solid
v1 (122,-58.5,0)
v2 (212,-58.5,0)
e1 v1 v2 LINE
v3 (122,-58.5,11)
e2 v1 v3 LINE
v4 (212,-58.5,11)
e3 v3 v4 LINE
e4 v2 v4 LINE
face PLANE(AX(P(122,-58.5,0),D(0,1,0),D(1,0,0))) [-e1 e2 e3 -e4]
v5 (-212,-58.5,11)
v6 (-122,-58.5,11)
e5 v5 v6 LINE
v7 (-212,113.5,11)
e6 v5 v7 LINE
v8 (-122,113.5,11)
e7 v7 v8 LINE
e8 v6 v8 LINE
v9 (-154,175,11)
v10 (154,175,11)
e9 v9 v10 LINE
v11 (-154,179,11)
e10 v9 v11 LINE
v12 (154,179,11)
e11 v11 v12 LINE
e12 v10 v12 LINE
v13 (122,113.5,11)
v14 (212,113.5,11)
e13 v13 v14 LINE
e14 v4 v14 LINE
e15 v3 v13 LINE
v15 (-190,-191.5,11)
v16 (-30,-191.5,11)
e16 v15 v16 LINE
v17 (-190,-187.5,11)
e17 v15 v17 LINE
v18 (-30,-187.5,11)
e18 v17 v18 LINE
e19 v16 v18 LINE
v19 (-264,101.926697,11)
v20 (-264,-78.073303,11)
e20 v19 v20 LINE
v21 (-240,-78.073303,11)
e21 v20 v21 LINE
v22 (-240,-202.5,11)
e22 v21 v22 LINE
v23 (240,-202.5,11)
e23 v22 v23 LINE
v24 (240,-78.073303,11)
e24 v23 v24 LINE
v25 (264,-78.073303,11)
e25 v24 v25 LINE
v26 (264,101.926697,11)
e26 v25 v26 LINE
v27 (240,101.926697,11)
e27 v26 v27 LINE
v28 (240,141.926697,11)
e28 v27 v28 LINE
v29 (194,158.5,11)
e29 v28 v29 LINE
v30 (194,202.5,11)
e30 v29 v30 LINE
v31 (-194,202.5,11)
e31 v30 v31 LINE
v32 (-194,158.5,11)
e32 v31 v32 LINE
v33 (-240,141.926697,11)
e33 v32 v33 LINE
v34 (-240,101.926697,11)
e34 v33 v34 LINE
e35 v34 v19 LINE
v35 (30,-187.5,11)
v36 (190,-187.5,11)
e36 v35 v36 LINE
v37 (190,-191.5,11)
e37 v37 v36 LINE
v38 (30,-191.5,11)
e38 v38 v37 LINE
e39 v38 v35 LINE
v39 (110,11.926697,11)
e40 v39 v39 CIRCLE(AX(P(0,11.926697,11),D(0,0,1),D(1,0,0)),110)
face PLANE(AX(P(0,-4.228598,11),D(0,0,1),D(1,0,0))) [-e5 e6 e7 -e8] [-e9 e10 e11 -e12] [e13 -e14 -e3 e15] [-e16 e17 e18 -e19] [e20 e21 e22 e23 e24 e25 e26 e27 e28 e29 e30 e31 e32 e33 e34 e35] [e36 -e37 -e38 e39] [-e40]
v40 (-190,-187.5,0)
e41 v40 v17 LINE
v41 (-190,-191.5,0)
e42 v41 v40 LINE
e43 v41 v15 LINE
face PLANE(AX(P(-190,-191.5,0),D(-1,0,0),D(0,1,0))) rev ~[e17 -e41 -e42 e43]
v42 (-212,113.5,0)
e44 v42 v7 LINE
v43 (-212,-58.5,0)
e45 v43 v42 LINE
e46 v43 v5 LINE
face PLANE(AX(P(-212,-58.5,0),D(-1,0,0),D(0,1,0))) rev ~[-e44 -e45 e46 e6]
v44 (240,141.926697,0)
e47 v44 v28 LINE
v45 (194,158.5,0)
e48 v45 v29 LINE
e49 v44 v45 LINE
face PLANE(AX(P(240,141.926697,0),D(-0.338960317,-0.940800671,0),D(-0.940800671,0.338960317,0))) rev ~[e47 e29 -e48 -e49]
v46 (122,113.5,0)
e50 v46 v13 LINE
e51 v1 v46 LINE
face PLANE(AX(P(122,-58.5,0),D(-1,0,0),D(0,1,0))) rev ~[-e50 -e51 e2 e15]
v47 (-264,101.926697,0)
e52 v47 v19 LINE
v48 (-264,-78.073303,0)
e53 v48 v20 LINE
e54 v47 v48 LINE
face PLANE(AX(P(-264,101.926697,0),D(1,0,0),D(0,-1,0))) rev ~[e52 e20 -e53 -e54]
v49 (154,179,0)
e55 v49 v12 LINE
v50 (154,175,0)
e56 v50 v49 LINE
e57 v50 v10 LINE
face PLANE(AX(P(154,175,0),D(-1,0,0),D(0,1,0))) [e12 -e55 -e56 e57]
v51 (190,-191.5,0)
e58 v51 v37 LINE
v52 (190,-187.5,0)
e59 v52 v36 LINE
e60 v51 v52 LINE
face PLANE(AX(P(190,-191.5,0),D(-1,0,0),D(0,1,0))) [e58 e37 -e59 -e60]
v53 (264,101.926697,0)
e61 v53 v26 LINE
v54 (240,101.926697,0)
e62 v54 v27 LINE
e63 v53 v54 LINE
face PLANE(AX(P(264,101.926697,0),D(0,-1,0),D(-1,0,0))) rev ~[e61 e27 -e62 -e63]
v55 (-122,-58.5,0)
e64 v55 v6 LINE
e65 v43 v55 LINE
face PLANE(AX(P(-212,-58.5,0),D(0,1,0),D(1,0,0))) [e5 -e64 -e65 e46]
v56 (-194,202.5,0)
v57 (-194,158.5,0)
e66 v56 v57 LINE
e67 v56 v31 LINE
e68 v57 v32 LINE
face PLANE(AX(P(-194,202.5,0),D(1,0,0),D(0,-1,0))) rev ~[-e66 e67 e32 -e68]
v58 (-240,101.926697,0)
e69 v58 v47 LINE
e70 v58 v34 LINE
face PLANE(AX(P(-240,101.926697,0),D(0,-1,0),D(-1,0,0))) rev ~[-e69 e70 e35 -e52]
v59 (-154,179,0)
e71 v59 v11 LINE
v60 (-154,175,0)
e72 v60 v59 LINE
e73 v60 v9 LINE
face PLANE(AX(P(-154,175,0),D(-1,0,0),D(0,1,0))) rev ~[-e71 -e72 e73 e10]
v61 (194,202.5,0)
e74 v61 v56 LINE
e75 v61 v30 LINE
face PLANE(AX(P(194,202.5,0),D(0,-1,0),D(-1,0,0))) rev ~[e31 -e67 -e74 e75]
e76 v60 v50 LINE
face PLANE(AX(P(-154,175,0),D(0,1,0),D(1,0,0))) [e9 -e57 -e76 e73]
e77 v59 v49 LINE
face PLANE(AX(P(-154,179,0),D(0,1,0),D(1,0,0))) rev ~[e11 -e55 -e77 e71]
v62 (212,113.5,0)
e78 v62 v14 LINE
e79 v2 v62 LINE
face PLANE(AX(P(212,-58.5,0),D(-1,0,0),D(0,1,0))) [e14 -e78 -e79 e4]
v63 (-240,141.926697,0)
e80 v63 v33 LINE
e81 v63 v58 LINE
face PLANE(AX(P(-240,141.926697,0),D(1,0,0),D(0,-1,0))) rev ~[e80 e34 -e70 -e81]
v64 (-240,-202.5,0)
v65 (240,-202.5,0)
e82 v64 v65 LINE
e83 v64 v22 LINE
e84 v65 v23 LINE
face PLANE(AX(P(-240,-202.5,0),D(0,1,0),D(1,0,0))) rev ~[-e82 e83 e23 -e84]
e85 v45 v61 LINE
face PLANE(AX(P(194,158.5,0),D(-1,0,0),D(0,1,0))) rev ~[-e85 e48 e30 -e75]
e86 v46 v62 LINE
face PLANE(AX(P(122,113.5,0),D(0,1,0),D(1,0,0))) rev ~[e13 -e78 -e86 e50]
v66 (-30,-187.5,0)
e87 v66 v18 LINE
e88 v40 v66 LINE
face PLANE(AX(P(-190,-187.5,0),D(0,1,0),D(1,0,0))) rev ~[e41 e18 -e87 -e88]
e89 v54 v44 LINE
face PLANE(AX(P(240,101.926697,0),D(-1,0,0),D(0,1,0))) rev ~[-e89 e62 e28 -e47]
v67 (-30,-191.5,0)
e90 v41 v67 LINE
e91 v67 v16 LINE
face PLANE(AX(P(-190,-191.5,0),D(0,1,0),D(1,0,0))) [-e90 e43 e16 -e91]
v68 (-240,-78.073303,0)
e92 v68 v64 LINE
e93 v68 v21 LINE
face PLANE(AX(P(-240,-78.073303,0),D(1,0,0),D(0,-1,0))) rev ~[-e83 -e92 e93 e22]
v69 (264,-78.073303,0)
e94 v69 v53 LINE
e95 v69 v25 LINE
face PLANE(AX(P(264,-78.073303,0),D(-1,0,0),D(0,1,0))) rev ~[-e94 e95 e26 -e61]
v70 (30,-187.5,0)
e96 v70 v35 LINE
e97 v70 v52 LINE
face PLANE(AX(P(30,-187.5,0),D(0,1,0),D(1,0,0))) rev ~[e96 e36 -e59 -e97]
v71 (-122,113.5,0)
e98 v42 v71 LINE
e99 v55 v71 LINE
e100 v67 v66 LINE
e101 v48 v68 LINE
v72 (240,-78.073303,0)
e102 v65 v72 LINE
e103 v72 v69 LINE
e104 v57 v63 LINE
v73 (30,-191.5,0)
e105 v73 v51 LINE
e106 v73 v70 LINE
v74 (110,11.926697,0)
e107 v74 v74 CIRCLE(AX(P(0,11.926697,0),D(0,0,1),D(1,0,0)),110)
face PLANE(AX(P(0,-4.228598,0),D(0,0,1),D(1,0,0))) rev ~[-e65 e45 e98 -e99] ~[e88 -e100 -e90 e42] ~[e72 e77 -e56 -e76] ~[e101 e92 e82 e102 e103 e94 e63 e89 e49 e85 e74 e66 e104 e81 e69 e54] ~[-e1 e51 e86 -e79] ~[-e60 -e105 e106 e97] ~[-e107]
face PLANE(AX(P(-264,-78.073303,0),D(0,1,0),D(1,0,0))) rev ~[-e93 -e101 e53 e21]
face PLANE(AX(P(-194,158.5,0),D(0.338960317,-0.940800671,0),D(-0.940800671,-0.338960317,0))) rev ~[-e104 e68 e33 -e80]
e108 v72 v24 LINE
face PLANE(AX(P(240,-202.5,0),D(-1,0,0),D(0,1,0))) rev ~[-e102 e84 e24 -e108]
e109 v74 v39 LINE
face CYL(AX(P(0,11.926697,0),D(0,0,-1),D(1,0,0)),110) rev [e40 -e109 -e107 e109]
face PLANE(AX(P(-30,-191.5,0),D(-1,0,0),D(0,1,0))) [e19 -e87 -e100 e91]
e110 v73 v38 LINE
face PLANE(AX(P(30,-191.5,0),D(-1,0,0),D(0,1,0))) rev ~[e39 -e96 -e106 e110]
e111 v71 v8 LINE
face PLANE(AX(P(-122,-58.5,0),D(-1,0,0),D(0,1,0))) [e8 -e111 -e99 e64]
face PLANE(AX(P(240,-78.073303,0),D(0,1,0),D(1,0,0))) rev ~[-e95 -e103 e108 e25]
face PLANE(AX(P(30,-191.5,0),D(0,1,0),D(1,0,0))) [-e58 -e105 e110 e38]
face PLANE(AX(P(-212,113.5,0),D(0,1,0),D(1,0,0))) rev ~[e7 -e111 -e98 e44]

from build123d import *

# Parameters (mm, degrees)
F0_W     = 160
F0_H     = 4
F0_W_2   = 90
F0_H_2   = 172
F0_R     = 110
F0_W_3   = 308
F1_DEPTH = 11


with BuildPart() as f1:
    # F0 (on Top) → F1 (new body)
    with BuildSketch(Plane.XY):
        Polygon((-194, 202.5), (-194, 158.5), (-240, 141.926697), (-240, 101.926697), (-264, 101.926697), (-264, -78.073303), (-240, -78.073303), (-240, -202.5), (240, -202.5), (240, -78.073303), (264, -78.073303), (264, 101.926697), (240, 101.926697), (240, 141.926697), (194, 158.5), (194, 202.5), align=None)
        with Locations((-110, -189.5)):
            Rectangle(F0_W, F0_H, mode=Mode.SUBTRACT)
        with Locations((110, -189.5)):
            Rectangle(F0_W, F0_H, mode=Mode.SUBTRACT)
        with Locations((-167, 27.5)):
            Rectangle(F0_W_2, F0_H_2, mode=Mode.SUBTRACT)
        with Locations((0, 11.926697)):
            Circle(F0_R, mode=Mode.SUBTRACT)
        with Locations((167, 27.5)):
            Rectangle(F0_W_2, F0_H_2, mode=Mode.SUBTRACT)
        with Locations((0, 177)):
            Rectangle(F0_W_3, F0_H, mode=Mode.SUBTRACT)
    extrude(amount=F1_DEPTH)


solid = f1.part
